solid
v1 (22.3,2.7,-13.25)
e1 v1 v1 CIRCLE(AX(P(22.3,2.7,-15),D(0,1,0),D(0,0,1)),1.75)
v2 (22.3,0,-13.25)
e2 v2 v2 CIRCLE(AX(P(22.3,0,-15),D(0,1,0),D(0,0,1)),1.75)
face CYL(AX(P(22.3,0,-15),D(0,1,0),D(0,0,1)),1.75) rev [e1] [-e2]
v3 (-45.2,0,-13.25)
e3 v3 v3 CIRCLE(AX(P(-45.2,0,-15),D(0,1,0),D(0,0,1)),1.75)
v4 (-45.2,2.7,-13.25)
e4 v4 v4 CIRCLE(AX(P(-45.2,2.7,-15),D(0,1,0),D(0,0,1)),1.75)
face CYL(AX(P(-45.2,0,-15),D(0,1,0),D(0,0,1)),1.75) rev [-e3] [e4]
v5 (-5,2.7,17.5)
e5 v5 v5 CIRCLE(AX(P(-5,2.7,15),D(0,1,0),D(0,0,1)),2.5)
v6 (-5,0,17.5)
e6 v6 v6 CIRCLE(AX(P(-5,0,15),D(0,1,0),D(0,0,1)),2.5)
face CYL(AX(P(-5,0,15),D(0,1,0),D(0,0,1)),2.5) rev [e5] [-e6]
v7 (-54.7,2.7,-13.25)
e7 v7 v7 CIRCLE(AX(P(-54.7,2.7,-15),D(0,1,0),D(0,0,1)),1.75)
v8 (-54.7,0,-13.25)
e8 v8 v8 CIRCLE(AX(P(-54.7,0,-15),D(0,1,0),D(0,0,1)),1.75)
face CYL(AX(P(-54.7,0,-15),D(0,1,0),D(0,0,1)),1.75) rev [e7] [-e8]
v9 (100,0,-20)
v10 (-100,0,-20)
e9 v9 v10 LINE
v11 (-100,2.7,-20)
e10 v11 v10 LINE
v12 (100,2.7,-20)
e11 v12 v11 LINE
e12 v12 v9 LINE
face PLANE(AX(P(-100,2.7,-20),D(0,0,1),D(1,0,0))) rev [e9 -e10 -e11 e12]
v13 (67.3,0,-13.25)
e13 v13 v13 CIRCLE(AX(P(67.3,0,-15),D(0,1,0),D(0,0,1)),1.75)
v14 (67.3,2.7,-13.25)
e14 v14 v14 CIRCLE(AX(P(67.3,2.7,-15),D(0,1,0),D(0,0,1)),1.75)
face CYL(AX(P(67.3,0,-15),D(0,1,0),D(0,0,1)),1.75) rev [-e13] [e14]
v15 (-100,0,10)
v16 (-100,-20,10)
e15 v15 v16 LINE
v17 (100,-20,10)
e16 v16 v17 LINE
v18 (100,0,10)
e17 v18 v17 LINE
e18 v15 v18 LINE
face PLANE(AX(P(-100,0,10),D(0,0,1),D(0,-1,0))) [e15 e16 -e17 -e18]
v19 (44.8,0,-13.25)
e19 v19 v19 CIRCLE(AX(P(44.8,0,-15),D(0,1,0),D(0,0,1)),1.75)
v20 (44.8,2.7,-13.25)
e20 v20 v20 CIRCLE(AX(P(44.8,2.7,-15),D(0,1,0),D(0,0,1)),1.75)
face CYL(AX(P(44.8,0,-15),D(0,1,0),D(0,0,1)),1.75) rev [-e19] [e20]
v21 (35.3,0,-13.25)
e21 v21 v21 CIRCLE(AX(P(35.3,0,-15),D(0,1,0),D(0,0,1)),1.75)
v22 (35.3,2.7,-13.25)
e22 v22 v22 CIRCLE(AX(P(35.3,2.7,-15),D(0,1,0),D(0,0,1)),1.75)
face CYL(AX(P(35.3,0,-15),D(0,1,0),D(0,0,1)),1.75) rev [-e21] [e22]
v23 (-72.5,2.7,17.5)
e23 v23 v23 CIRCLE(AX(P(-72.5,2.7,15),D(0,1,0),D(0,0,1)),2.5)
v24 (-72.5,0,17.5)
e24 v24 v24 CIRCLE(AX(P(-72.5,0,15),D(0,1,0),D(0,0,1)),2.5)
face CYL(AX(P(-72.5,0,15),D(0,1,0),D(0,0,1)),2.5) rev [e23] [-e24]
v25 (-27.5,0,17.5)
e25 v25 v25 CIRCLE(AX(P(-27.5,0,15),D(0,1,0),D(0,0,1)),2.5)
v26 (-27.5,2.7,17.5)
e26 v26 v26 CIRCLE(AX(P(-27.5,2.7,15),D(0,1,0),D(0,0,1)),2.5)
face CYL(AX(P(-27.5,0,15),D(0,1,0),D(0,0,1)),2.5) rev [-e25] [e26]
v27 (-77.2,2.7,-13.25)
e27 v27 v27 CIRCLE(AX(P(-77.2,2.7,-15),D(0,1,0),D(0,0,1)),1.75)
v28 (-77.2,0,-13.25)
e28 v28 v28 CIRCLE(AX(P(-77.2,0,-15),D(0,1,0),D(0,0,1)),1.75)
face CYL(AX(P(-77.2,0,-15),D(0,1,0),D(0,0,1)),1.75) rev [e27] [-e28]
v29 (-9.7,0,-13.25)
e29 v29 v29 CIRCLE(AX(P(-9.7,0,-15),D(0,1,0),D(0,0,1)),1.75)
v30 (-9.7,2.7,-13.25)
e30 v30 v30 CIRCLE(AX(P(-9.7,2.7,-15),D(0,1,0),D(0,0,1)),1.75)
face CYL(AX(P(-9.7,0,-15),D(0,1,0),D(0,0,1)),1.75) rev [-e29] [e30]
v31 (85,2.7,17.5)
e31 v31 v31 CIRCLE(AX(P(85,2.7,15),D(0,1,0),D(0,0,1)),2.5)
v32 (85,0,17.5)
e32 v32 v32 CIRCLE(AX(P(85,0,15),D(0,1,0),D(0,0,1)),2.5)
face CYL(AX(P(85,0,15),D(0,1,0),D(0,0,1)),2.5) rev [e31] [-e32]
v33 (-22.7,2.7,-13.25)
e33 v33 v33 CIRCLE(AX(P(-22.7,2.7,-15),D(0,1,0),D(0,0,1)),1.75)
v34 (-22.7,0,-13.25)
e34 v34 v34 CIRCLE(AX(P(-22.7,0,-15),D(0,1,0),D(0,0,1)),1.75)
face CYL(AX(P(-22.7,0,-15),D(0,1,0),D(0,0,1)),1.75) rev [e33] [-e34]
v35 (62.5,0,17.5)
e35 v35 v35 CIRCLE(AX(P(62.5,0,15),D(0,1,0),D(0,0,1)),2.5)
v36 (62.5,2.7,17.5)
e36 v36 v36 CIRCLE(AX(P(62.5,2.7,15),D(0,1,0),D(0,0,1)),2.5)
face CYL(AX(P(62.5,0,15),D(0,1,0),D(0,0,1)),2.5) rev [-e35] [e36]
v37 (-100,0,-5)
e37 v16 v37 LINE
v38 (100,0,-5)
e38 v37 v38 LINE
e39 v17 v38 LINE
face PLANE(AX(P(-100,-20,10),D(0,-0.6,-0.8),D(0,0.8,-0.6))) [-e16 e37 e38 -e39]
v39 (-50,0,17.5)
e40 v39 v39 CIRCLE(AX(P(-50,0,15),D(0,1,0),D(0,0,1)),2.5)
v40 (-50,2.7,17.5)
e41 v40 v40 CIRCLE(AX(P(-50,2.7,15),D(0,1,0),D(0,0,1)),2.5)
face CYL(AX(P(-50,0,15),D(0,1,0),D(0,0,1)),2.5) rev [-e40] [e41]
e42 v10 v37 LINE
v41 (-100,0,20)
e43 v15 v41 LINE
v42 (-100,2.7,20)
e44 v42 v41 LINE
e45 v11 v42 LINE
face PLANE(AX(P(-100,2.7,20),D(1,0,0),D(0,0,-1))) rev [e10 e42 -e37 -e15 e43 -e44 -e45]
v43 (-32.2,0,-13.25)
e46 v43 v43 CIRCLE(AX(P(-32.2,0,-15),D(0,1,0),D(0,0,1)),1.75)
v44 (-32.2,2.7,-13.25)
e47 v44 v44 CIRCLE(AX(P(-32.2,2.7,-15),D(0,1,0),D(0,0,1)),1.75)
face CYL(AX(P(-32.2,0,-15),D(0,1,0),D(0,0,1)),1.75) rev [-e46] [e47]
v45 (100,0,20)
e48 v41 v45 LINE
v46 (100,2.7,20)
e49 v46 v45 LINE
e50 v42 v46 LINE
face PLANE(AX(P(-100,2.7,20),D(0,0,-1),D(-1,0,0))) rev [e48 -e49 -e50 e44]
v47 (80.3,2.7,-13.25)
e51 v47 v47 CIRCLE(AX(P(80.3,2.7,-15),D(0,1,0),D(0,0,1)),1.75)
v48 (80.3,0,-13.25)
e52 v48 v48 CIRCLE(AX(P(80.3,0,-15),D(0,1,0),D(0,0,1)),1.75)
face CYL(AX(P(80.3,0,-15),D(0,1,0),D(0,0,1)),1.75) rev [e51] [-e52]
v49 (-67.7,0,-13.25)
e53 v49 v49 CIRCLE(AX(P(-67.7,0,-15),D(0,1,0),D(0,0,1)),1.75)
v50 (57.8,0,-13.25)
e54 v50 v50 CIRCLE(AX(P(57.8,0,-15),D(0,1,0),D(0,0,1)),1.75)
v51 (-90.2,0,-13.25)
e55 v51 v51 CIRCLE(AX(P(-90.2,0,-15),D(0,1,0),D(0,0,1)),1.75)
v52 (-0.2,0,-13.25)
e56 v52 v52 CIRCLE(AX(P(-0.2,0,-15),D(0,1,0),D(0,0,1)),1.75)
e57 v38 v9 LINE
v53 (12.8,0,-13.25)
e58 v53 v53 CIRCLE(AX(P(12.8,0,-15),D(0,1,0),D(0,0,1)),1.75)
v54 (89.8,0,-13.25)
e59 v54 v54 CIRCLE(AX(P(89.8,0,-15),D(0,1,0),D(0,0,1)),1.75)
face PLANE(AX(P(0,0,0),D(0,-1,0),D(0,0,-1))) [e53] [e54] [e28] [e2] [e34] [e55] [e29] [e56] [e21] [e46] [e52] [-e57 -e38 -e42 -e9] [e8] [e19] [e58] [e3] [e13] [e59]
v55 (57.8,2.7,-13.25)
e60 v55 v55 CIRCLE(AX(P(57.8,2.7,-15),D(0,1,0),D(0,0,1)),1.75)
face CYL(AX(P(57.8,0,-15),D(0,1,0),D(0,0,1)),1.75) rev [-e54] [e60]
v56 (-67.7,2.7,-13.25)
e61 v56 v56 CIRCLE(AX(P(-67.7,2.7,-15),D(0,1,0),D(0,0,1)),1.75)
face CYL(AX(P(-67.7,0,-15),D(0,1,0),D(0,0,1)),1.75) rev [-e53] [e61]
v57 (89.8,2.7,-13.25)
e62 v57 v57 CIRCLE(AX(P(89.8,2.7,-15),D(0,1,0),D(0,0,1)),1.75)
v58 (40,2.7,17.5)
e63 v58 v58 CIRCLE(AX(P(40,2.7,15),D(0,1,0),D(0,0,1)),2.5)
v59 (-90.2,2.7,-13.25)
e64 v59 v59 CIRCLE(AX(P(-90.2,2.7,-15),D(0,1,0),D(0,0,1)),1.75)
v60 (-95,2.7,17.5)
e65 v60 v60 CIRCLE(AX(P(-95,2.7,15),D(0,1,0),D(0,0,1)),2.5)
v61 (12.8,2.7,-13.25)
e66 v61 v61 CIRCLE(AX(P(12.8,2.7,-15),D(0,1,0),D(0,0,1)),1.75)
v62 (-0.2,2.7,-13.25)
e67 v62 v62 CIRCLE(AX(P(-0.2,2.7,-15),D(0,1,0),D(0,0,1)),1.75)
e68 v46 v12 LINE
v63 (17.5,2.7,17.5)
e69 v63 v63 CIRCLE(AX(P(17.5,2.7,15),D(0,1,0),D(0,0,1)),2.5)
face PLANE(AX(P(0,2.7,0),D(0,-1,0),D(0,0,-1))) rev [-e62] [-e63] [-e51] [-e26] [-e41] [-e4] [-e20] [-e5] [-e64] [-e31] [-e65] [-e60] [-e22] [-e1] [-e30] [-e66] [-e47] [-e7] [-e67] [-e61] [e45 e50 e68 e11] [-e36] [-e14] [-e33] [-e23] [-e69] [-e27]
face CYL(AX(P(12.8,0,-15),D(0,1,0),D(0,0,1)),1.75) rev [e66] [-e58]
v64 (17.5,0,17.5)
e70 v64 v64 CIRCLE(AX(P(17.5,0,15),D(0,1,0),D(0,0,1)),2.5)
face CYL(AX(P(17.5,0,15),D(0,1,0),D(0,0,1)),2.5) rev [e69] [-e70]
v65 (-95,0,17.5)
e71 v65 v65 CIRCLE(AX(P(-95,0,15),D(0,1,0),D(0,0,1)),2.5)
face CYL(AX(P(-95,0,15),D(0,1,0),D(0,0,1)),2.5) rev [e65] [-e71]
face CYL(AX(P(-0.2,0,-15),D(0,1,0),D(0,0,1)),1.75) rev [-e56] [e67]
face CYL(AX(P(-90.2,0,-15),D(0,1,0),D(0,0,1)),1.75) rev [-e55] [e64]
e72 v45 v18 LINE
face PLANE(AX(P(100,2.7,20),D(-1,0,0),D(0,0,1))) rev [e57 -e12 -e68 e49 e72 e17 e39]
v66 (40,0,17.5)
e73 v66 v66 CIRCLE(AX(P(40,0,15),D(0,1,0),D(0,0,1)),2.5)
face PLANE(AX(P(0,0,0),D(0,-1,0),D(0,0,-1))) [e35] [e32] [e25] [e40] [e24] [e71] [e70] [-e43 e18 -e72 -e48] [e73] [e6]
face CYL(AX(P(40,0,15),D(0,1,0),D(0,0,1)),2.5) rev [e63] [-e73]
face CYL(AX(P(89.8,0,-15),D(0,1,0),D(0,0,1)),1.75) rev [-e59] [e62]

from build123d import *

# Parameters (mm, degrees)
SKETCH1_W           = 200
SKETCH1_H           = 40
BOSS_EXTRUDE1_DEPTH = 2.7
SKETCH2_R           = 1.75
CUT_EXTRUDE1_DEPTH  = 3.7
SKETCH3_R           = 1.75
CUT_EXTRUDE2_DEPTH  = 3.7
SKETCH4_R           = 1.75
CUT_EXTRUDE3_DEPTH  = 3.7
SKETCH5_R           = 1.75
CUT_EXTRUDE4_DEPTH  = 3.7
LPATTERN2_COUNT     = 2
LPATTERN2_PITCH     = 9.5
SKETCH6_R           = 1.75
CUT_EXTRUDE5_DEPTH  = 3.7
SKETCH7_R           = 1.75
CUT_EXTRUDE6_DEPTH  = 3.7
SKETCH8_R           = 2.5
CUT_EXTRUDE7_DEPTH  = 3.7
LPATTERN3_COUNT     = 9
LPATTERN3_PITCH     = 22.5
BOSS_EXTRUDE2_DEPTH = 200


with BuildPart() as part:
    # Sketch1 → Boss-Extrude1 (new body)
    with BuildSketch(Plane(origin=(0, 0, 0), x_dir=(1, 0, 0), z_dir=(0, 1, 0))):
        Rectangle(SKETCH1_W, SKETCH1_H)
    extrude(amount=BOSS_EXTRUDE1_DEPTH)

    # Sketch2 → Cut-Extrude1 (cut, through all)
    with BuildSketch(Plane(origin=(0, 2.7, 0), x_dir=(1, 0, 0), z_dir=(0, 1, 0))):
        with Locations((-90.2, 15)):
            Circle(SKETCH2_R)
    extrude(amount=-CUT_EXTRUDE1_DEPTH, mode=Mode.SUBTRACT)

    # Sketch3 → Cut-Extrude2 (cut, through all)
    with BuildSketch(Plane(origin=(0, 2.7, 0), x_dir=(1, 0, 0), z_dir=(0, 1, 0))):
        with Locations((-77.2, 15)):
            Circle(SKETCH3_R)
    extrude(amount=-CUT_EXTRUDE2_DEPTH, mode=Mode.SUBTRACT)

    # Sketch4 → Cut-Extrude3 (cut, through all)
    with BuildSketch(Plane(origin=(0, 2.7, 0), x_dir=(1, 0, 0), z_dir=(0, 1, 0))):
        with Locations((-67.7, 15)):
            Circle(SKETCH4_R)
    extrude(amount=-CUT_EXTRUDE3_DEPTH, mode=Mode.SUBTRACT)

    # Sketch5 → Cut-Extrude4 (cut, through all)
    with BuildSketch(Plane(origin=(0, 2.7, 0), x_dir=(1, 0, 0), z_dir=(0, 1, 0))):
        with Locations((-54.7, 15)):
            Circle(SKETCH5_R)
    cut_extrude4 = extrude(amount=-CUT_EXTRUDE4_DEPTH, mode=Mode.SUBTRACT)

    # LPattern2: Cut-Extrude4 ×2
    with Locations(*[(i * LPATTERN2_PITCH, 0, 0) for i in range(1, LPATTERN2_COUNT)]):
        add(cut_extrude4, mode=Mode.SUBTRACT)

    # Sketch6 → Cut-Extrude5 (cut, through all)
    with BuildSketch(Plane(origin=(0, 2.7, 0), x_dir=(1, 0, 0), z_dir=(0, 1, 0))):
        with Locations((-32.2, 15)):
            Circle(SKETCH6_R)
        with Locations((-22.7, 15)):
            Circle(SKETCH6_R)
    extrude(amount=-CUT_EXTRUDE5_DEPTH, mode=Mode.SUBTRACT)

    # Sketch7 → Cut-Extrude6 (cut, through all)
    with BuildSketch(Plane(origin=(0, 2.7, 0), x_dir=(1, 0, 0), z_dir=(0, 1, 0))):
        with Locations((-9.7, 15)):
            Circle(SKETCH7_R)
        with Locations((-0.2, 15)):
            Circle(SKETCH7_R)
        with Locations((12.8, 15)):
            Circle(SKETCH7_R)
        with Locations((22.3, 15)):
            Circle(SKETCH7_R)
        with Locations((35.3, 15)):
            Circle(SKETCH7_R)
        with Locations((44.8, 15)):
            Circle(SKETCH7_R)
        with Locations((57.8, 15)):
            Circle(SKETCH7_R)
        with Locations((67.3, 15)):
            Circle(SKETCH7_R)
        with Locations((80.3, 15)):
            Circle(SKETCH7_R)
        with Locations((89.8, 15)):
            Circle(SKETCH7_R)
    extrude(amount=-CUT_EXTRUDE6_DEPTH, mode=Mode.SUBTRACT)

    # Sketch8 → Cut-Extrude7 (cut, through all)
    with BuildSketch(Plane(origin=(0, 2.7, 0), x_dir=(1, 0, 0), z_dir=(0, 1, 0))):
        with Locations((-95, -15)):
            Circle(SKETCH8_R)
    cut_extrude7 = extrude(amount=-CUT_EXTRUDE7_DEPTH, mode=Mode.SUBTRACT)

    # LPattern3: Cut-Extrude7 ×9
    with Locations(*[(i * LPATTERN3_PITCH, 0, 0) for i in range(1, LPATTERN3_COUNT)]):
        add(cut_extrude7, mode=Mode.SUBTRACT)

    # Sketch10 → Boss-Extrude2 (add)
    with BuildSketch(Plane(origin=(100, 0, 0), x_dir=(0, 0, -1), z_dir=(1, 0, 0))):
        Polygon((-10, 0), (-10, -20), (5, 0), align=None)
    extrude(amount=-BOSS_EXTRUDE2_DEPTH)


solid = part.part
